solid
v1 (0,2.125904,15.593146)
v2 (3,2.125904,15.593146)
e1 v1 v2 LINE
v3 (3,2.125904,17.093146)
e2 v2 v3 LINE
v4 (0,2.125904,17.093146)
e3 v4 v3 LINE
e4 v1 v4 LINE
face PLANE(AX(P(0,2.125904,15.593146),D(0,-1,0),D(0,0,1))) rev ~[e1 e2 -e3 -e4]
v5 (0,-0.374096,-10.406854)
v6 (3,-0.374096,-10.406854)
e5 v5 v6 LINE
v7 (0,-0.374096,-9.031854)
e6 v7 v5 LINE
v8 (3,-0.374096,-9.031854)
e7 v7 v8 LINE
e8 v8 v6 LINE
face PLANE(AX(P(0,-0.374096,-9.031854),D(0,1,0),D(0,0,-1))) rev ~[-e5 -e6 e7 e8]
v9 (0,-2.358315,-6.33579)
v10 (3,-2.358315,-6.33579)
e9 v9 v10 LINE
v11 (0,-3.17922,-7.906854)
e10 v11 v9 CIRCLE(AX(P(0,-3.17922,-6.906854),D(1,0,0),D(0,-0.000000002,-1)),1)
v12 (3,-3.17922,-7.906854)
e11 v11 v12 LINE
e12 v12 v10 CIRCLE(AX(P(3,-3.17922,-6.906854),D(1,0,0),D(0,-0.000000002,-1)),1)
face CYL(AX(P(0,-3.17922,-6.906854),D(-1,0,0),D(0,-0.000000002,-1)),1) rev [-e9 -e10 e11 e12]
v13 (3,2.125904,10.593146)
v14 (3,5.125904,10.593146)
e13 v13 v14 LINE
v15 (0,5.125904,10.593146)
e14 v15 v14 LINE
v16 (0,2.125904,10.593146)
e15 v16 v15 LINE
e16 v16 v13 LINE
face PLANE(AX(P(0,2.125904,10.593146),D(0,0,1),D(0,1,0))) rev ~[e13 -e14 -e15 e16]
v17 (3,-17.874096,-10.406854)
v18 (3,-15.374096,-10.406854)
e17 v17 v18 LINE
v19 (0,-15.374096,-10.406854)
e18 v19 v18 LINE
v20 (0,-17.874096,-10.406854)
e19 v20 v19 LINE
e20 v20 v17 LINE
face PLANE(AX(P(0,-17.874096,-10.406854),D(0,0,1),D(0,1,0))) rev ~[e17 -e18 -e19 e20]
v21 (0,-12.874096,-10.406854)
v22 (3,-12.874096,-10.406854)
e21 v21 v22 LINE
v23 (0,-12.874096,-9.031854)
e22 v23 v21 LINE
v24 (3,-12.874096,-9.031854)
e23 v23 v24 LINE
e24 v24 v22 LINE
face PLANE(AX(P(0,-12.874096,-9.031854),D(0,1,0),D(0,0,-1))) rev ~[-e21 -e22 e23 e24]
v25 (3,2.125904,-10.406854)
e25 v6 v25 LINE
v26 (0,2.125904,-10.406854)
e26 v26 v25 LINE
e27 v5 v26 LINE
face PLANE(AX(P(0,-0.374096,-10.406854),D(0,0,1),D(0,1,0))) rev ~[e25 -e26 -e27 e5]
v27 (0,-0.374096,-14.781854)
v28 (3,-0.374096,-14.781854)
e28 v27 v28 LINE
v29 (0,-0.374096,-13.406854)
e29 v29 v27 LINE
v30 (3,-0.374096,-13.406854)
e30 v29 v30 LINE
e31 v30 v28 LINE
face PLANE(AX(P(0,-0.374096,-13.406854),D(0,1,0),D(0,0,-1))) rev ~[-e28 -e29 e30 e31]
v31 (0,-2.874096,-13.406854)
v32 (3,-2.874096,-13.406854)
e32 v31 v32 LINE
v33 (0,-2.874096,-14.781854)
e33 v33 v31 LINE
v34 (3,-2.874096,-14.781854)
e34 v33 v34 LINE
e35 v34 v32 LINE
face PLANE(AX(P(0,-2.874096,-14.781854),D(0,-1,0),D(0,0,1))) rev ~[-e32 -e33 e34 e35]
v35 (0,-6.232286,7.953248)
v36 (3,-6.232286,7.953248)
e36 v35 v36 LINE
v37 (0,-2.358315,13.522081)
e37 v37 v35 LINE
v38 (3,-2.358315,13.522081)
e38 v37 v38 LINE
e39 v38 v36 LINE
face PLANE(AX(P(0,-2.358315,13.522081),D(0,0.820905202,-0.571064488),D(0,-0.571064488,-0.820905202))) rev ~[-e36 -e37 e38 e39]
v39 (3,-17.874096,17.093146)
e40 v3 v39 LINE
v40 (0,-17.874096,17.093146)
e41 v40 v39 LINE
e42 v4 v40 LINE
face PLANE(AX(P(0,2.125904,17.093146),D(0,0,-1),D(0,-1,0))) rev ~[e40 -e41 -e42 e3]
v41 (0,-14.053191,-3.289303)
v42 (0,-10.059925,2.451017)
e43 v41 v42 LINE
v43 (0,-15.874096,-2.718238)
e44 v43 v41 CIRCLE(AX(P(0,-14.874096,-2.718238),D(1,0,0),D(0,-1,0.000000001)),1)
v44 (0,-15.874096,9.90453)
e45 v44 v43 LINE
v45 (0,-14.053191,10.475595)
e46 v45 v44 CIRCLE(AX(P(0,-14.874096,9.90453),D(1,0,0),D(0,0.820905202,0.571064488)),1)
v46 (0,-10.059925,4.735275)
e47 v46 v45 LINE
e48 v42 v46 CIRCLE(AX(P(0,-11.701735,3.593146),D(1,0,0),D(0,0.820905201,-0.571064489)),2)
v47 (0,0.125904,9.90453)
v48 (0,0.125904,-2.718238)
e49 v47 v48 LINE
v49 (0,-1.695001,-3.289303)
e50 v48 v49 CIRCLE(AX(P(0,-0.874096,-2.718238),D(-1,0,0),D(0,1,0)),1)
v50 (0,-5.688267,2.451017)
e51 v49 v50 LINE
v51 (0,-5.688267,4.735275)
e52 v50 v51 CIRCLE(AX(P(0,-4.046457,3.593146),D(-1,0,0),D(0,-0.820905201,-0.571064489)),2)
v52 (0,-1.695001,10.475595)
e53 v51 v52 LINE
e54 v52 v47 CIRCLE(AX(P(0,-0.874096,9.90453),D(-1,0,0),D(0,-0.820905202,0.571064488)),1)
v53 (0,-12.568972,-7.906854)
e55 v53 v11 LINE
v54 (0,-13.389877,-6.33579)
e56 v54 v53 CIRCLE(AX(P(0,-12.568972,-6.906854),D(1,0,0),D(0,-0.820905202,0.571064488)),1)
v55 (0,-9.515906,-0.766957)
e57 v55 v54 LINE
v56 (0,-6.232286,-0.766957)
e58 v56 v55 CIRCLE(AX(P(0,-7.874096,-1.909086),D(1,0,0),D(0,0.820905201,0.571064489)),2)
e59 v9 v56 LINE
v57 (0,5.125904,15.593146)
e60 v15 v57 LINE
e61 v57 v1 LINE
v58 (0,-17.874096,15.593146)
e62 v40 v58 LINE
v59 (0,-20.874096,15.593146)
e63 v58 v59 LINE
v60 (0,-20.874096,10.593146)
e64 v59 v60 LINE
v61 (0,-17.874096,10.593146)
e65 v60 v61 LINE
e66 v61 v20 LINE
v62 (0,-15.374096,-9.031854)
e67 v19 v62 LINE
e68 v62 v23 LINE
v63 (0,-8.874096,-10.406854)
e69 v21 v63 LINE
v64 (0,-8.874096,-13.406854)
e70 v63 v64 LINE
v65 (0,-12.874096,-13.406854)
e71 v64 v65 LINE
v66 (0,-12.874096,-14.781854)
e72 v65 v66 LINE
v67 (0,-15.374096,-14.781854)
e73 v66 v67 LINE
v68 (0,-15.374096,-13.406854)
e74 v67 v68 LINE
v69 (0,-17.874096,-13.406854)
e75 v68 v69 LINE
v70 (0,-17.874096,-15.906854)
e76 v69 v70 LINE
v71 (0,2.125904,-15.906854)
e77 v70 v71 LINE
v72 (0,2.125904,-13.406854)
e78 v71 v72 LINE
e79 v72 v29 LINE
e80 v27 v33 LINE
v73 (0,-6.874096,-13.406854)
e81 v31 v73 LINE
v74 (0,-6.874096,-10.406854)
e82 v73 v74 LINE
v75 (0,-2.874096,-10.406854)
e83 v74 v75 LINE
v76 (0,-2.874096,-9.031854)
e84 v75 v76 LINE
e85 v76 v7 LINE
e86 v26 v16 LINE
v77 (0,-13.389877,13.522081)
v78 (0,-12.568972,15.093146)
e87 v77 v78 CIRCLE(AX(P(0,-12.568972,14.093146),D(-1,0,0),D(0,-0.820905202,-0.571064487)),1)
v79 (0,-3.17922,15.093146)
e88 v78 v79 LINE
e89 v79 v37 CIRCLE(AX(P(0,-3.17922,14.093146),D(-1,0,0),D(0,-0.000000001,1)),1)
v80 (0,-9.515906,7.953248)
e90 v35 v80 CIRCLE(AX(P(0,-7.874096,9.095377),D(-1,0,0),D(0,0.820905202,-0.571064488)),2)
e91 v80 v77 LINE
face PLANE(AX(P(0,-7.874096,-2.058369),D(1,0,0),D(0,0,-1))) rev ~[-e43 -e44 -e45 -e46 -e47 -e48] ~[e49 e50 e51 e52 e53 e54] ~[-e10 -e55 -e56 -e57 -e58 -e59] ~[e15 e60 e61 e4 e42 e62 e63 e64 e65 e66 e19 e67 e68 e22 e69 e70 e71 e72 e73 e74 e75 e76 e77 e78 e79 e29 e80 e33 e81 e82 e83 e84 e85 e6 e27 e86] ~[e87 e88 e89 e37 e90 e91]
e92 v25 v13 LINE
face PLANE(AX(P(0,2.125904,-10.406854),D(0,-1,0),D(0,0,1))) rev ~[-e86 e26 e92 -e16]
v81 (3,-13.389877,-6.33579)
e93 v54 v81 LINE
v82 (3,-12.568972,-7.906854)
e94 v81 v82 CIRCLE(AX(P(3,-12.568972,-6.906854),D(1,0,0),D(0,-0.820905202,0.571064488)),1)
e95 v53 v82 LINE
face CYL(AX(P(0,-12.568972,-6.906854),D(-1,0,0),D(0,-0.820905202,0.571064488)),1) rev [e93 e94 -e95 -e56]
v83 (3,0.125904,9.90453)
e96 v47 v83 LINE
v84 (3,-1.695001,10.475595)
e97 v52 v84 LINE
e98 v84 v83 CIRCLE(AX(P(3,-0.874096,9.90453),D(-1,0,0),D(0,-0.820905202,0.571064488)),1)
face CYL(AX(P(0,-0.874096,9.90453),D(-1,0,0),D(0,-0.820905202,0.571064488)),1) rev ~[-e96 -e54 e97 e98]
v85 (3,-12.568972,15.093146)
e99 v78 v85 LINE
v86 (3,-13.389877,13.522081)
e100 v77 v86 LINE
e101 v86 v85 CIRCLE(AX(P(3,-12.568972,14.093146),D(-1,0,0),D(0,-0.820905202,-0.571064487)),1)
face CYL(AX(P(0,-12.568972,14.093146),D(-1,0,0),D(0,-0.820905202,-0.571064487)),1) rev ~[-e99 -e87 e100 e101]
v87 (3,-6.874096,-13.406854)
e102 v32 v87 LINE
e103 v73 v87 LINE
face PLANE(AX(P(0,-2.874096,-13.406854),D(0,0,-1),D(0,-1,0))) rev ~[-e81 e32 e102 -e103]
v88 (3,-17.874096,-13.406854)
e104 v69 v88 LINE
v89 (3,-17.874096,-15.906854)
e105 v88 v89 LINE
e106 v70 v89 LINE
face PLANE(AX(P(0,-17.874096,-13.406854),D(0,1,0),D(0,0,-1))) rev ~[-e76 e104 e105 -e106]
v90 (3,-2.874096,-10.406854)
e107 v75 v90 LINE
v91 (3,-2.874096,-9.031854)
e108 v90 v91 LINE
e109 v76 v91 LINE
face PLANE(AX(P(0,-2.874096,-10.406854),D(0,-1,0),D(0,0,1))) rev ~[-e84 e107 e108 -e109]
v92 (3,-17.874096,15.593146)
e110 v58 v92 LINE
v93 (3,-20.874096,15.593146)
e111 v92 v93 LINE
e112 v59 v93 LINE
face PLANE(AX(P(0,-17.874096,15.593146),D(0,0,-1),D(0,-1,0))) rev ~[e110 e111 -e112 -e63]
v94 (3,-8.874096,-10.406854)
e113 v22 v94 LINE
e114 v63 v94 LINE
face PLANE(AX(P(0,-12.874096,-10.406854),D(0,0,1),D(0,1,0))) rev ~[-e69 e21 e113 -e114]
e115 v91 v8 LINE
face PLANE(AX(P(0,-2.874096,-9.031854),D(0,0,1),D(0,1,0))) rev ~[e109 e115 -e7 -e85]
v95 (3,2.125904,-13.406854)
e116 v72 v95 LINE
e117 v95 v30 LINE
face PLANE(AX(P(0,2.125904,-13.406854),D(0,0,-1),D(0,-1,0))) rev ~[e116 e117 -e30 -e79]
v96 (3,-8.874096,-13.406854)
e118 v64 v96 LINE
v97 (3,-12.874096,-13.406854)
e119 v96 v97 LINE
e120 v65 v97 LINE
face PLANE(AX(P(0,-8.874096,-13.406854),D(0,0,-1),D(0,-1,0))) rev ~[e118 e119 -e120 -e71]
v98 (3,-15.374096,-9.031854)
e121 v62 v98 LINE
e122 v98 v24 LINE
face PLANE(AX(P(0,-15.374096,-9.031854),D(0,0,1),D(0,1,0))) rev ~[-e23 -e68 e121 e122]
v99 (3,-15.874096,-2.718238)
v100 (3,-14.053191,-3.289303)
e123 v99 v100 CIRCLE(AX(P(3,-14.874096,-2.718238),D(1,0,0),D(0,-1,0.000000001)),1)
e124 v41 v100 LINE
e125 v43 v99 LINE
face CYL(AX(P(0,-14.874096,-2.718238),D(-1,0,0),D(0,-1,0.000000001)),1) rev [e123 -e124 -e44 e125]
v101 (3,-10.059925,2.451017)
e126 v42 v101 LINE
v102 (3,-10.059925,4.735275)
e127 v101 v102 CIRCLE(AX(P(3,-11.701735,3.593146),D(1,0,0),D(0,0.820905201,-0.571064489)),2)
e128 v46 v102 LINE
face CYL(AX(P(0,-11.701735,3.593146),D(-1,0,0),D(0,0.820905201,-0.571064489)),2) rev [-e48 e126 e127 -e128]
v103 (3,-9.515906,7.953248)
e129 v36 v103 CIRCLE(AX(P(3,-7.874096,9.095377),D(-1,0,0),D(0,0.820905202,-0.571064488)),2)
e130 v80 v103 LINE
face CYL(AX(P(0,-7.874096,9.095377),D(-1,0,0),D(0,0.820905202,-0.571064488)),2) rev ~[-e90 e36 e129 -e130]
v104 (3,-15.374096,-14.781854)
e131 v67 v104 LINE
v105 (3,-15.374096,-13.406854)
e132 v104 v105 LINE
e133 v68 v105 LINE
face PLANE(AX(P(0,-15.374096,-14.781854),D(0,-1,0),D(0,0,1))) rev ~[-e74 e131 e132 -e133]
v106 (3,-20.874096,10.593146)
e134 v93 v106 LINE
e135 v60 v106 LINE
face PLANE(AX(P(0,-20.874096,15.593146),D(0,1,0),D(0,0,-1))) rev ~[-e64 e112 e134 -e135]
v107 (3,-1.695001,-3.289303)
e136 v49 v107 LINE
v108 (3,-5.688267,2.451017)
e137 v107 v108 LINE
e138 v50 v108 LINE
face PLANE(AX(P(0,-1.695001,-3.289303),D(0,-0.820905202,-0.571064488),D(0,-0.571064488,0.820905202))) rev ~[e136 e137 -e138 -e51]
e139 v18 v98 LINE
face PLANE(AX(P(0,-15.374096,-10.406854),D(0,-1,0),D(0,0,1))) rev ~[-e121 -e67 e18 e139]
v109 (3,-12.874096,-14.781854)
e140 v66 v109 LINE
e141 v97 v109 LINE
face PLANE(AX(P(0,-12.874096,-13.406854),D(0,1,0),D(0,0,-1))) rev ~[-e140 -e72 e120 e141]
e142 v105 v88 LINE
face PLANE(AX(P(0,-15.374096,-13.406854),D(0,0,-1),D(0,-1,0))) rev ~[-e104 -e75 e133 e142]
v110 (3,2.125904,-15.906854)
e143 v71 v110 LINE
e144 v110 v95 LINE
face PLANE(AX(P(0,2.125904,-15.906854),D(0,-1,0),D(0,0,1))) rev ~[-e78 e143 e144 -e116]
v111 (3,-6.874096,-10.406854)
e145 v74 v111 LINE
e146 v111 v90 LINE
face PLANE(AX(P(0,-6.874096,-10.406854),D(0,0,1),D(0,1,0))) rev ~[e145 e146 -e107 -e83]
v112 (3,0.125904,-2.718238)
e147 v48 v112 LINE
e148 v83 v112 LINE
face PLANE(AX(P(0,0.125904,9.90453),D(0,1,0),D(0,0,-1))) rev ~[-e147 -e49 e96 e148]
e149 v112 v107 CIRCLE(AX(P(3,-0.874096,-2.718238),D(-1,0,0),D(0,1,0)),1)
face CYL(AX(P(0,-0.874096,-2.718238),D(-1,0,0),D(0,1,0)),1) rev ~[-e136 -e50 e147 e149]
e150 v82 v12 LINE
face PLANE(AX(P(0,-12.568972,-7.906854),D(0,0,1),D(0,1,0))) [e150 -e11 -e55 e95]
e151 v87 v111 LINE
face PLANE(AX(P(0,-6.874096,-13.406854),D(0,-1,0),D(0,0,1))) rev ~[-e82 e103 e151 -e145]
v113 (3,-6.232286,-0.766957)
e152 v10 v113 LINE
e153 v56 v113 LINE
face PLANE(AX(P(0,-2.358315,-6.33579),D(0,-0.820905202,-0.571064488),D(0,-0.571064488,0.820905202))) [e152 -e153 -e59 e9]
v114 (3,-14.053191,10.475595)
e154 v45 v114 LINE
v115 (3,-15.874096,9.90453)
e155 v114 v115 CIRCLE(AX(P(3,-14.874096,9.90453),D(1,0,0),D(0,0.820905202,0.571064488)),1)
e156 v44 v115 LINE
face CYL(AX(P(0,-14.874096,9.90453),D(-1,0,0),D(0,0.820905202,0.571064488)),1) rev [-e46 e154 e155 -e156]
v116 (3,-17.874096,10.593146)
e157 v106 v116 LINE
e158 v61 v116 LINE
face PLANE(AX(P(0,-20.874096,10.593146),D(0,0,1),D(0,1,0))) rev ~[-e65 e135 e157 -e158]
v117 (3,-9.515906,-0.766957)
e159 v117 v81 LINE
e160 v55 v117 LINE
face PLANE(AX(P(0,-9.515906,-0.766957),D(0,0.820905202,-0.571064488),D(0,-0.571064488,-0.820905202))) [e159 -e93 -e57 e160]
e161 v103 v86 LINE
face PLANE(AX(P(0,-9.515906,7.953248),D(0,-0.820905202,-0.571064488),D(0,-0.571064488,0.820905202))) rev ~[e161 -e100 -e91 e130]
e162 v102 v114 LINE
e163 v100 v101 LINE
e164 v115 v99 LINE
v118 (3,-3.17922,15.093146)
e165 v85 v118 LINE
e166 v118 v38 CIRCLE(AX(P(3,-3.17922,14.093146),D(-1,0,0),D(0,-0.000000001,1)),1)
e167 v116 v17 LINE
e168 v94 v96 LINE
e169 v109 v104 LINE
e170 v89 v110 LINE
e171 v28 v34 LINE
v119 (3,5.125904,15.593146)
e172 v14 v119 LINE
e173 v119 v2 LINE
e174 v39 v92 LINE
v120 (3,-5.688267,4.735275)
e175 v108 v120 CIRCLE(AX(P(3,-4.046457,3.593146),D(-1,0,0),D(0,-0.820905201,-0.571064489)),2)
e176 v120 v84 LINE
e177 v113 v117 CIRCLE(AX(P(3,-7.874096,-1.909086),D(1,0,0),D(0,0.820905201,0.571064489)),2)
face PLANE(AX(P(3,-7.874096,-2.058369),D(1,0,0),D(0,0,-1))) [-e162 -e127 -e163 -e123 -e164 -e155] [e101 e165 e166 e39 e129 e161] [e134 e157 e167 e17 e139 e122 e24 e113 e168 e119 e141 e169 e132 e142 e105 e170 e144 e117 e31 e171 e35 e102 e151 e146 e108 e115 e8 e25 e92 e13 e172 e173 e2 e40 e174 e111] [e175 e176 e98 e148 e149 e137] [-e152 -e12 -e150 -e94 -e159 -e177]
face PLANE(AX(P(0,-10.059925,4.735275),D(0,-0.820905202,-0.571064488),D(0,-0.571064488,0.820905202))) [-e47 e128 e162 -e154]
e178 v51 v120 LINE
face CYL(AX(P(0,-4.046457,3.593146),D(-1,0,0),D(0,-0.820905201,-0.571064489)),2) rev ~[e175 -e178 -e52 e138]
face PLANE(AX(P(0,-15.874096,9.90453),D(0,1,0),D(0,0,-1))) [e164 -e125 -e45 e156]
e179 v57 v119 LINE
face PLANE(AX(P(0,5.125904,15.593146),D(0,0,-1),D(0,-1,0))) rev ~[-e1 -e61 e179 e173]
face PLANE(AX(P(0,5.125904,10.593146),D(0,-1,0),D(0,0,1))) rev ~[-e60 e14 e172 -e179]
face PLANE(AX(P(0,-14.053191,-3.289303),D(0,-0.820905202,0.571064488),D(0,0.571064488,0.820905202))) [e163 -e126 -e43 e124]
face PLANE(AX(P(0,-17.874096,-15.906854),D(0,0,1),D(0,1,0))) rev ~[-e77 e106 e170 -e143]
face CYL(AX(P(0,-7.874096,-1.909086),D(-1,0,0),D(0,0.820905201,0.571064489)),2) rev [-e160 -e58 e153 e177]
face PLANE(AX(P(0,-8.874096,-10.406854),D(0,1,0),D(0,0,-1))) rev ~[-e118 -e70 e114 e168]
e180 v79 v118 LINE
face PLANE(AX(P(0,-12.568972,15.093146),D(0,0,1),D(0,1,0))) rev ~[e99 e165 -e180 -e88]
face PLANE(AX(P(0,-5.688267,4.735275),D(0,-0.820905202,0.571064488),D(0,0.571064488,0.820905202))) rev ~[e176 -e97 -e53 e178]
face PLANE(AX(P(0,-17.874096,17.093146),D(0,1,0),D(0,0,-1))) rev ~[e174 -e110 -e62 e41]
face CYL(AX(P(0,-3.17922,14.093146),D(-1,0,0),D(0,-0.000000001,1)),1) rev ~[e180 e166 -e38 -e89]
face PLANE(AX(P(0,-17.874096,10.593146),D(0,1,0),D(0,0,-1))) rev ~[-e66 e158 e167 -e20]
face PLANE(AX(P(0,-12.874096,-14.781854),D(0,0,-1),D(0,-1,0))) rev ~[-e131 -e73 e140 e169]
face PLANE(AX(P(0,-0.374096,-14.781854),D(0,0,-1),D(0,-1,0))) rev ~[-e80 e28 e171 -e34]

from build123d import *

# Parameters (mm, degrees)
RESSALTO_EXTRUS_O1_DEPTH = 3


with BuildPart() as part:
    # Esboço1 → Ressalto-extrusão1 (new body)
    with BuildSketch(Plane(origin=(0, 0, 0), x_dir=(0, 0, -1), z_dir=(1, 0, 0))):
        Polygon((-15.593145924, 2.125903998), (-17.093145924, 2.125903998), (-17.093145924, -17.874096002), (-15.593145924, -17.874096002), (-15.593145924, -20.874096002), (-10.593145924, -20.874096002), (-10.593145924, -17.874096002), (-9.093145924, -17.874096002), (10.406854076, -17.874096002), (10.406854076, -15.374096002), (9.031854076, -15.374096002), (9.031854076, -12.874096002), (10.406854076, -12.874096002), (10.406854076, -10.374096002), (10.406854076, -8.874096002), (13.406854076, -8.874096002), (13.406854076, -10.374096002), (13.406854076, -12.874096002), (14.781854076, -12.874096002), (14.781854076, -15.374096002), (13.406854076, -15.374096002), (13.406854076, -17.874096002), (15.906854076, -17.874096002), (15.906854076, 2.125903998), (13.406854076, 2.125903998), (13.406854076, -0.374096002), (14.781854076, -0.374096002), (14.781854076, -2.874096002), (13.406854076, -2.874096002), (13.406854076, -5.374096002), (13.406854076, -6.874096002), (10.406854076, -6.874096002), (10.406854076, -5.374096002), (10.406854076, -3.256067355), (10.406854076, -2.874096002), (9.031854076, -2.874096002), (9.031854076, -0.374096002), (10.406854076, -0.374096002), (10.406854076, 2.125903998), (-9.093145924, 2.125903998), (-10.593145924, 2.125903998), (-10.593145924, 5.125903998), (-15.593145924, 5.125903998), align=None)
        with BuildLine():
            Line((-7.953248379, -9.515906406), (-13.522081436, -13.389877228))
            ThreePointArc((-13.522081436, -13.389877228), (-14.556252559, -13.455274595), (-15.093145924, -12.568972026))
            Line((-15.093145924, -12.568972026), (-15.093145924, -3.179219979))
            ThreePointArc((-15.093145924, -3.179219979), (-14.556252559, -2.292917409), (-13.522081436, -2.358314777))
            Line((-13.522081436, -2.358314777), (-7.953248379, -6.232285599))
            ThreePointArc((-7.953248379, -6.232285599), (-7.095377355, -7.874096002), (-7.953248379, -9.515906406))
        make_face(mode=Mode.SUBTRACT)
        with BuildLine():
            Line((-4.7352749, -10.059924856), (-10.475594696, -14.053190801))
            ThreePointArc((-10.475594696, -14.053190801), (-10.858706607, -15.173340717), (-9.904530208, -15.874096002))
            Line((-9.904530208, -15.874096002), (2.71823836, -15.874096002))
            ThreePointArc((2.71823836, -15.874096002), (3.67241476, -15.173340717), (3.289302849, -14.053190801))
            Line((3.289302849, -14.053190801), (-2.451016947, -10.059924856))
            ThreePointArc((-2.451016947, -10.059924856), (-3.593145924, -9.701735259), (-4.7352749, -10.059924856))
        make_face(mode=Mode.SUBTRACT)
        with BuildLine():
            Line((0.766956531, -9.515906406), (6.335789588, -13.389877228))
            ThreePointArc((6.335789588, -13.389877228), (7.369960712, -13.455274595), (7.906854076, -12.568972026))
            Line((7.906854076, -12.568972026), (7.906854076, -10.374096002))
            Line((7.906854076, -10.374096002), (7.906854076, -3.179219979))
            ThreePointArc((7.906854076, -3.179219979), (7.369960712, -2.292917409), (6.335789588, -2.358314777))
            Line((6.335789588, -2.358314777), (0.766956531, -6.232285599))
            ThreePointArc((0.766956531, -6.232285599), (-0.090914492, -7.874096002), (0.766956531, -9.515906406))
        make_face(mode=Mode.SUBTRACT)
        with BuildLine():
            Line((3.289302849, -1.695001204), (-2.451016947, -5.688267149))
            ThreePointArc((-2.451016947, -5.688267149), (-3.593145924, -6.046456746), (-4.7352749, -5.688267149))
            Line((-4.7352749, -5.688267149), (-10.475594696, -1.695001204))
            ThreePointArc((-10.475594696, -1.695001204), (-10.858706607, -0.574851288), (-9.904530208, 0.125903998))
            Line((-9.904530208, 0.125903998), (2.71823836, 0.125903998))
            ThreePointArc((2.71823836, 0.125903998), (3.67241476, -0.574851288), (3.289302849, -1.695001204))
        make_face(mode=Mode.SUBTRACT)
    extrude(amount=RESSALTO_EXTRUS_O1_DEPTH)


solid = part.part
